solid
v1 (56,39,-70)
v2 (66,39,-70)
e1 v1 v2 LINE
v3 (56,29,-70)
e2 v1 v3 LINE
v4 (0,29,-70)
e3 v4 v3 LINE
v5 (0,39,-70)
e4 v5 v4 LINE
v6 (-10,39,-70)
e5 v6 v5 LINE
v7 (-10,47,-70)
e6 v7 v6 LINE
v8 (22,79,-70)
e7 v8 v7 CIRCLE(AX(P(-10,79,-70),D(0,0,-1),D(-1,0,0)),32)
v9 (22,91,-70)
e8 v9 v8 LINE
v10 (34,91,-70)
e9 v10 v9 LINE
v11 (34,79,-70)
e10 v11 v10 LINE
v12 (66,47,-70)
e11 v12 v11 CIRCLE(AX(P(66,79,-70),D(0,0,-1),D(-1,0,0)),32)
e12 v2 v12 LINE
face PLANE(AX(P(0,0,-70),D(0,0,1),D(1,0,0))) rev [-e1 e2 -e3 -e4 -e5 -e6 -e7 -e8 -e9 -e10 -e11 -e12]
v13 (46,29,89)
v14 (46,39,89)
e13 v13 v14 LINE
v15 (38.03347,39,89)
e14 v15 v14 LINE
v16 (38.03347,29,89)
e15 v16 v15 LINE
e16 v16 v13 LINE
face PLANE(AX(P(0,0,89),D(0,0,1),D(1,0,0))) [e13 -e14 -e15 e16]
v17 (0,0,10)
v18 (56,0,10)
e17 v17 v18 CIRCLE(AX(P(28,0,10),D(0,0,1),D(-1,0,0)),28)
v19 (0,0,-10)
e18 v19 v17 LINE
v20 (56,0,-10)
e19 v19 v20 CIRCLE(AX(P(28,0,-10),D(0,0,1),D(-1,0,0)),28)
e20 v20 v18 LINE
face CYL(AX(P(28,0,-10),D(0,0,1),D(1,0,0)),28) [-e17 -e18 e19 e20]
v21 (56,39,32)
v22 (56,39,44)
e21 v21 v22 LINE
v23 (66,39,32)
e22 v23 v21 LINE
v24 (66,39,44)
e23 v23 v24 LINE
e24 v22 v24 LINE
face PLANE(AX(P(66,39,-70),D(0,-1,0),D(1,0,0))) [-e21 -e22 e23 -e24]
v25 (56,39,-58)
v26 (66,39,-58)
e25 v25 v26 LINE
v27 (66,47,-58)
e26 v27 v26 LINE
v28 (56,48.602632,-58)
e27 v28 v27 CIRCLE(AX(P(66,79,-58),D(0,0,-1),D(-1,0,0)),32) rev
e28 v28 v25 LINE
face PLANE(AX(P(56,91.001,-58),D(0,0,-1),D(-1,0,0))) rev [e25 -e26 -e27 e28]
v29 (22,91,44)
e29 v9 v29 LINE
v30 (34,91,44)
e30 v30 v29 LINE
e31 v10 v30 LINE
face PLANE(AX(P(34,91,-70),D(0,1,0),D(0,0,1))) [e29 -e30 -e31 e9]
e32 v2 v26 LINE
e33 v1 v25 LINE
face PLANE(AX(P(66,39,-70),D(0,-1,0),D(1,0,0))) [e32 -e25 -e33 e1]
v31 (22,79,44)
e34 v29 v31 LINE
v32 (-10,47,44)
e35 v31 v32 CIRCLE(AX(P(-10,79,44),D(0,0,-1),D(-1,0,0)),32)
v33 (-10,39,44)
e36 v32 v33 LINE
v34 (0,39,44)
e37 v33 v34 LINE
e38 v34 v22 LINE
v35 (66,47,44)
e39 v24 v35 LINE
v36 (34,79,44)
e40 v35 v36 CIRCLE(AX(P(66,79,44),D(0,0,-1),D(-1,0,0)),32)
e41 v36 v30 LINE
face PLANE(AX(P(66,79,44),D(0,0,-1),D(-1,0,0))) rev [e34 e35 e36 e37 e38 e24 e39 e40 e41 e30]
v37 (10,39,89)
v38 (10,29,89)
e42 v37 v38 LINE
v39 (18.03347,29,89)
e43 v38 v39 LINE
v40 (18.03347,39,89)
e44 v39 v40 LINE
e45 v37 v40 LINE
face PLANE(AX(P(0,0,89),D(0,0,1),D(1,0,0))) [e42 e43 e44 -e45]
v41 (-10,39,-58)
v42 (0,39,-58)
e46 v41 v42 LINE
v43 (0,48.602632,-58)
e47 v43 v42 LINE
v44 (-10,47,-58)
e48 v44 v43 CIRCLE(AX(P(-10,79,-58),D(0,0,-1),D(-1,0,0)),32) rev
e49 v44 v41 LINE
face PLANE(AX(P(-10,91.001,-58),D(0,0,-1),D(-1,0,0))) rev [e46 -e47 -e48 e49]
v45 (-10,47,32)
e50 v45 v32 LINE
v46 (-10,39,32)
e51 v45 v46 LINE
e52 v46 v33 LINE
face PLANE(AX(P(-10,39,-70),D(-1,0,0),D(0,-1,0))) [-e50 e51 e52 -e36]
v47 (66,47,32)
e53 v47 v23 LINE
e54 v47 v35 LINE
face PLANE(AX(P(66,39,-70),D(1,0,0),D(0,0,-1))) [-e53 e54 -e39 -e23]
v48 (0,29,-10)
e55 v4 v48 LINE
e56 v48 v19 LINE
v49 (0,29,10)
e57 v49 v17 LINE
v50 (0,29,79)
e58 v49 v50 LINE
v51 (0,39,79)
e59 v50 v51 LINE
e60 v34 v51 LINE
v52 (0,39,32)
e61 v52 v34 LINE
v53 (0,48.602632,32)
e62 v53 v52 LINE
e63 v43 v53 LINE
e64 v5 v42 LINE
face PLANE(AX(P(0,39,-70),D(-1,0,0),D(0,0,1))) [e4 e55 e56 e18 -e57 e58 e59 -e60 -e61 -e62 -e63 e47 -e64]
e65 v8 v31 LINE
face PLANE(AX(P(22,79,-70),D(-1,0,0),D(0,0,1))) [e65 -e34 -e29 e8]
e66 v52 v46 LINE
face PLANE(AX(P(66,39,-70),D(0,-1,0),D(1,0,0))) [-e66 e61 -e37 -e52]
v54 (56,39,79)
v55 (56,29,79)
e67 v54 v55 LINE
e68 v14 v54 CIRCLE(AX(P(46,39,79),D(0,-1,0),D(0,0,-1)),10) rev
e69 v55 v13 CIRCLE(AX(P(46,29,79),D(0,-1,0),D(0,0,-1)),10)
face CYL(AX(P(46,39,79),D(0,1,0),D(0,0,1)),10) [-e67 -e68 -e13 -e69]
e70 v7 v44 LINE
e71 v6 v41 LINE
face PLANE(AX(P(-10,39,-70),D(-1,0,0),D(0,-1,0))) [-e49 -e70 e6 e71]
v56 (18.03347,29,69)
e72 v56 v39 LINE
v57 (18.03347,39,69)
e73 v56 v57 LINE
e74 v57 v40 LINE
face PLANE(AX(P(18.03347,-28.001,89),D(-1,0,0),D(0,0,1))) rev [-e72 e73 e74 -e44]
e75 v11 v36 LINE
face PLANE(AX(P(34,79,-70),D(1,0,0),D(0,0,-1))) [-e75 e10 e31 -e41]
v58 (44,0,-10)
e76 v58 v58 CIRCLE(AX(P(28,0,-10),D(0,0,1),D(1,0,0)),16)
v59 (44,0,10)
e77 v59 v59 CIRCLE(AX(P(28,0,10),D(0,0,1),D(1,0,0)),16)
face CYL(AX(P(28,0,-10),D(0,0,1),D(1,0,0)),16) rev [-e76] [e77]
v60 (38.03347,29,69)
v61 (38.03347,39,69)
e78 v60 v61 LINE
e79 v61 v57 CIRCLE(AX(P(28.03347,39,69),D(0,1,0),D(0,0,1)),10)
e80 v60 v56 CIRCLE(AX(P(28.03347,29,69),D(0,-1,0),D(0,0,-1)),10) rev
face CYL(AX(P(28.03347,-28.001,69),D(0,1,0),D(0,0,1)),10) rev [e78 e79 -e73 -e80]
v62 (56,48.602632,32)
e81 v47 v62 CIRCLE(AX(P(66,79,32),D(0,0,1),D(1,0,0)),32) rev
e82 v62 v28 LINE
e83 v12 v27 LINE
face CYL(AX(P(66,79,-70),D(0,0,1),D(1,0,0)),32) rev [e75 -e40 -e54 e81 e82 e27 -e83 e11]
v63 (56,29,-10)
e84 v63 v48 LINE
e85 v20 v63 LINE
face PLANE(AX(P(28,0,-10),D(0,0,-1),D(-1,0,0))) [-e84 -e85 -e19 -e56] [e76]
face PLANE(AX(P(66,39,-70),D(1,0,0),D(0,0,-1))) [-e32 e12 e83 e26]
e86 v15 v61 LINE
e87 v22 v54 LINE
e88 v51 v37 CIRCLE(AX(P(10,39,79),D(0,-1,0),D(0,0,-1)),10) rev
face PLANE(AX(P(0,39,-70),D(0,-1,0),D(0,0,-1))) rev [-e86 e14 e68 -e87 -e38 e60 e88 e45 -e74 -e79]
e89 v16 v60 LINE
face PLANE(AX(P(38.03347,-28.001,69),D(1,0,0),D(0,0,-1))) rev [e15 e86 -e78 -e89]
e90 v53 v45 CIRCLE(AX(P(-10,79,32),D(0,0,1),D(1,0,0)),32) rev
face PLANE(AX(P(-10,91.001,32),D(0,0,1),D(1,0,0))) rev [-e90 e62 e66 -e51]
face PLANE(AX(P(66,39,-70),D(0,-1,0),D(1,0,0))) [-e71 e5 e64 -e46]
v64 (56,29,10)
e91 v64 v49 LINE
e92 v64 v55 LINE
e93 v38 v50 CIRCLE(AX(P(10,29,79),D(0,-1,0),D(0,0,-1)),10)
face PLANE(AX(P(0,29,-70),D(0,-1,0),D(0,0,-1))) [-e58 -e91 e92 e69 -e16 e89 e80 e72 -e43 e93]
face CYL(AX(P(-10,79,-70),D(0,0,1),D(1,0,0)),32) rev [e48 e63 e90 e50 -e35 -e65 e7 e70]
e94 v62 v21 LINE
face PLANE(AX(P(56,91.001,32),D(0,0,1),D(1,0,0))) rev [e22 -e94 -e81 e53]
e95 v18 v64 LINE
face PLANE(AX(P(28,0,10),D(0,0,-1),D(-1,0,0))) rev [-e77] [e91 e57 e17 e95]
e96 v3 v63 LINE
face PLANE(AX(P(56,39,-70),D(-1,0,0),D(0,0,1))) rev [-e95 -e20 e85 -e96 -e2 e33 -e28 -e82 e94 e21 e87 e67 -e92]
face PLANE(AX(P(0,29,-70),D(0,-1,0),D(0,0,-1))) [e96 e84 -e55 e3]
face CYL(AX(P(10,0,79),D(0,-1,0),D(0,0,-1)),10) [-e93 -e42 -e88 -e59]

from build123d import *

# Parameters (mm, degrees)
BOSS_EXTRUDE3_DEPTH      = 89
BOSS_EXTRUDE3_DEPTH_BACK = 70
SKETCH7_W                = 56
SKETCH7_H                = 10
BOSS_EXTRUDE4_DEPTH      = 44
BOSS_EXTRUDE4_DEPTH_BACK = 70
BOSS_EXTRUDE5_DEPTH      = 10
BOSS_EXTRUDE5_DEPTH_BACK = 10
SKETCH1_R                = 16
CUT_EXTRUDE1_REACH       = 131.484
FILLET1_R                = 10
CUT_EXTRUDE3_REACH       = 131.484
SKETCH10_W               = 10
SKETCH10_H               = 90


with BuildPart() as part:
    # Sketch7 → Boss-Extrude3 (new, two sides: drawn at the far end of the back side and taken through both)
    with BuildSketch(Plane.XY.offset(-BOSS_EXTRUDE3_DEPTH_BACK)):
        with Locations((28, 34)):
            Rectangle(SKETCH7_W, SKETCH7_H)
    extrude(amount=BOSS_EXTRUDE3_DEPTH + BOSS_EXTRUDE3_DEPTH_BACK)

    # Sketch5 → Boss-Extrude4 (add, two sides: drawn at the far end of the back side and taken through both)
    with BuildSketch(Plane.XY.offset(-BOSS_EXTRUDE4_DEPTH_BACK)):
        with BuildLine():
            Line((22, 79), (22, 91))
            Line((22, 91), (34, 91))
            Line((34, 91), (34, 79))
            ThreePointArc((34, 79), (43.372583002, 56.372583002), (66, 47))
            Line((66, 47), (66, 39))
            Line((66, 39), (-10, 39))
            Line((-10, 39), (-10, 47))
            ThreePointArc((-10, 47), (12.627416998, 56.372583002), (22, 79))
        make_face()
    extrude(amount=BOSS_EXTRUDE4_DEPTH + BOSS_EXTRUDE4_DEPTH_BACK)

    # Sketch1 → Boss-Extrude5 (add, two sides: drawn at the far end of the back side and taken through both)
    with BuildSketch(Plane.XY.offset(-BOSS_EXTRUDE5_DEPTH_BACK)):
        with BuildLine():
            Line((0, 0), (0, 29))
            Line((0, 29), (56, 29))
            Line((56, 29), (56, 0))
            ThreePointArc((56, 0), (28, -28), (0, 0))
        make_face()
        with Locations((28, 0)):
            Circle(SKETCH1_R, mode=Mode.SUBTRACT)
    extrude(amount=BOSS_EXTRUDE5_DEPTH + BOSS_EXTRUDE5_DEPTH_BACK)

    # Sketch9 → Cut-Extrude1 (cut, up to next)
    with BuildSketch(Plane(origin=(0, 39, 0), x_dir=(1, 0, 0), z_dir=(0, 1, 0)), mode=Mode.PRIVATE) as cut_extrude1_sk1:
        with BuildLine():
            Line((38.033469933, -69), (38.033469933, -89))
            Line((38.033469933, -89), (18.033469933, -89))
            Line((18.033469933, -89), (18.033469933, -69))
            ThreePointArc((18.033469933, -69), (28.033469933, -59), (38.033469933, -69))
        make_face()
    cut_extrude1_tool1 = extrude(cut_extrude1_sk1.sketch, amount=-CUT_EXTRUDE1_REACH, mode=Mode.PRIVATE) & part.part
    add(cut_extrude1_tool1.solids().sort_by_distance((28.03347, 39, 74.983585))[0], mode=Mode.SUBTRACT)

    # Fillet1
    fillet1_edges = [part.edges().sort_by_distance(p)[0] for p in [
        (56, 34, 89),
        (0, 34, 89),
    ]]
    fillet(fillet1_edges, radius=FILLET1_R)

    # Sketch10 → Cut-Extrude3 (cut, up to next)
    with BuildSketch(Plane.XZ.offset(-39), mode=Mode.PRIVATE) as cut_extrude3_sk1:
        with Locations((-5, -13)):
            Rectangle(SKETCH10_W, SKETCH10_H)
    cut_extrude3_tool1 = extrude(cut_extrude3_sk1.sketch, amount=-CUT_EXTRUDE3_REACH, mode=Mode.PRIVATE) & part.part
    # Sketch10 → Cut-Extrude3 (cut, up to next)
    with BuildSketch(Plane.XZ.offset(-39), mode=Mode.PRIVATE) as cut_extrude3_sk2:
        with Locations((61, -13)):
            Rectangle(SKETCH10_W, SKETCH10_H)
    cut_extrude3_tool2 = extrude(cut_extrude3_sk2.sketch, amount=-CUT_EXTRUDE3_REACH, mode=Mode.PRIVATE) & part.part
    add(cut_extrude3_tool1.solids().sort_by_distance((-5, 39, -13))[0], mode=Mode.SUBTRACT)
    add(cut_extrude3_tool2.solids().sort_by_distance((61, 39, -13))[0], mode=Mode.SUBTRACT)


solid = part.part
